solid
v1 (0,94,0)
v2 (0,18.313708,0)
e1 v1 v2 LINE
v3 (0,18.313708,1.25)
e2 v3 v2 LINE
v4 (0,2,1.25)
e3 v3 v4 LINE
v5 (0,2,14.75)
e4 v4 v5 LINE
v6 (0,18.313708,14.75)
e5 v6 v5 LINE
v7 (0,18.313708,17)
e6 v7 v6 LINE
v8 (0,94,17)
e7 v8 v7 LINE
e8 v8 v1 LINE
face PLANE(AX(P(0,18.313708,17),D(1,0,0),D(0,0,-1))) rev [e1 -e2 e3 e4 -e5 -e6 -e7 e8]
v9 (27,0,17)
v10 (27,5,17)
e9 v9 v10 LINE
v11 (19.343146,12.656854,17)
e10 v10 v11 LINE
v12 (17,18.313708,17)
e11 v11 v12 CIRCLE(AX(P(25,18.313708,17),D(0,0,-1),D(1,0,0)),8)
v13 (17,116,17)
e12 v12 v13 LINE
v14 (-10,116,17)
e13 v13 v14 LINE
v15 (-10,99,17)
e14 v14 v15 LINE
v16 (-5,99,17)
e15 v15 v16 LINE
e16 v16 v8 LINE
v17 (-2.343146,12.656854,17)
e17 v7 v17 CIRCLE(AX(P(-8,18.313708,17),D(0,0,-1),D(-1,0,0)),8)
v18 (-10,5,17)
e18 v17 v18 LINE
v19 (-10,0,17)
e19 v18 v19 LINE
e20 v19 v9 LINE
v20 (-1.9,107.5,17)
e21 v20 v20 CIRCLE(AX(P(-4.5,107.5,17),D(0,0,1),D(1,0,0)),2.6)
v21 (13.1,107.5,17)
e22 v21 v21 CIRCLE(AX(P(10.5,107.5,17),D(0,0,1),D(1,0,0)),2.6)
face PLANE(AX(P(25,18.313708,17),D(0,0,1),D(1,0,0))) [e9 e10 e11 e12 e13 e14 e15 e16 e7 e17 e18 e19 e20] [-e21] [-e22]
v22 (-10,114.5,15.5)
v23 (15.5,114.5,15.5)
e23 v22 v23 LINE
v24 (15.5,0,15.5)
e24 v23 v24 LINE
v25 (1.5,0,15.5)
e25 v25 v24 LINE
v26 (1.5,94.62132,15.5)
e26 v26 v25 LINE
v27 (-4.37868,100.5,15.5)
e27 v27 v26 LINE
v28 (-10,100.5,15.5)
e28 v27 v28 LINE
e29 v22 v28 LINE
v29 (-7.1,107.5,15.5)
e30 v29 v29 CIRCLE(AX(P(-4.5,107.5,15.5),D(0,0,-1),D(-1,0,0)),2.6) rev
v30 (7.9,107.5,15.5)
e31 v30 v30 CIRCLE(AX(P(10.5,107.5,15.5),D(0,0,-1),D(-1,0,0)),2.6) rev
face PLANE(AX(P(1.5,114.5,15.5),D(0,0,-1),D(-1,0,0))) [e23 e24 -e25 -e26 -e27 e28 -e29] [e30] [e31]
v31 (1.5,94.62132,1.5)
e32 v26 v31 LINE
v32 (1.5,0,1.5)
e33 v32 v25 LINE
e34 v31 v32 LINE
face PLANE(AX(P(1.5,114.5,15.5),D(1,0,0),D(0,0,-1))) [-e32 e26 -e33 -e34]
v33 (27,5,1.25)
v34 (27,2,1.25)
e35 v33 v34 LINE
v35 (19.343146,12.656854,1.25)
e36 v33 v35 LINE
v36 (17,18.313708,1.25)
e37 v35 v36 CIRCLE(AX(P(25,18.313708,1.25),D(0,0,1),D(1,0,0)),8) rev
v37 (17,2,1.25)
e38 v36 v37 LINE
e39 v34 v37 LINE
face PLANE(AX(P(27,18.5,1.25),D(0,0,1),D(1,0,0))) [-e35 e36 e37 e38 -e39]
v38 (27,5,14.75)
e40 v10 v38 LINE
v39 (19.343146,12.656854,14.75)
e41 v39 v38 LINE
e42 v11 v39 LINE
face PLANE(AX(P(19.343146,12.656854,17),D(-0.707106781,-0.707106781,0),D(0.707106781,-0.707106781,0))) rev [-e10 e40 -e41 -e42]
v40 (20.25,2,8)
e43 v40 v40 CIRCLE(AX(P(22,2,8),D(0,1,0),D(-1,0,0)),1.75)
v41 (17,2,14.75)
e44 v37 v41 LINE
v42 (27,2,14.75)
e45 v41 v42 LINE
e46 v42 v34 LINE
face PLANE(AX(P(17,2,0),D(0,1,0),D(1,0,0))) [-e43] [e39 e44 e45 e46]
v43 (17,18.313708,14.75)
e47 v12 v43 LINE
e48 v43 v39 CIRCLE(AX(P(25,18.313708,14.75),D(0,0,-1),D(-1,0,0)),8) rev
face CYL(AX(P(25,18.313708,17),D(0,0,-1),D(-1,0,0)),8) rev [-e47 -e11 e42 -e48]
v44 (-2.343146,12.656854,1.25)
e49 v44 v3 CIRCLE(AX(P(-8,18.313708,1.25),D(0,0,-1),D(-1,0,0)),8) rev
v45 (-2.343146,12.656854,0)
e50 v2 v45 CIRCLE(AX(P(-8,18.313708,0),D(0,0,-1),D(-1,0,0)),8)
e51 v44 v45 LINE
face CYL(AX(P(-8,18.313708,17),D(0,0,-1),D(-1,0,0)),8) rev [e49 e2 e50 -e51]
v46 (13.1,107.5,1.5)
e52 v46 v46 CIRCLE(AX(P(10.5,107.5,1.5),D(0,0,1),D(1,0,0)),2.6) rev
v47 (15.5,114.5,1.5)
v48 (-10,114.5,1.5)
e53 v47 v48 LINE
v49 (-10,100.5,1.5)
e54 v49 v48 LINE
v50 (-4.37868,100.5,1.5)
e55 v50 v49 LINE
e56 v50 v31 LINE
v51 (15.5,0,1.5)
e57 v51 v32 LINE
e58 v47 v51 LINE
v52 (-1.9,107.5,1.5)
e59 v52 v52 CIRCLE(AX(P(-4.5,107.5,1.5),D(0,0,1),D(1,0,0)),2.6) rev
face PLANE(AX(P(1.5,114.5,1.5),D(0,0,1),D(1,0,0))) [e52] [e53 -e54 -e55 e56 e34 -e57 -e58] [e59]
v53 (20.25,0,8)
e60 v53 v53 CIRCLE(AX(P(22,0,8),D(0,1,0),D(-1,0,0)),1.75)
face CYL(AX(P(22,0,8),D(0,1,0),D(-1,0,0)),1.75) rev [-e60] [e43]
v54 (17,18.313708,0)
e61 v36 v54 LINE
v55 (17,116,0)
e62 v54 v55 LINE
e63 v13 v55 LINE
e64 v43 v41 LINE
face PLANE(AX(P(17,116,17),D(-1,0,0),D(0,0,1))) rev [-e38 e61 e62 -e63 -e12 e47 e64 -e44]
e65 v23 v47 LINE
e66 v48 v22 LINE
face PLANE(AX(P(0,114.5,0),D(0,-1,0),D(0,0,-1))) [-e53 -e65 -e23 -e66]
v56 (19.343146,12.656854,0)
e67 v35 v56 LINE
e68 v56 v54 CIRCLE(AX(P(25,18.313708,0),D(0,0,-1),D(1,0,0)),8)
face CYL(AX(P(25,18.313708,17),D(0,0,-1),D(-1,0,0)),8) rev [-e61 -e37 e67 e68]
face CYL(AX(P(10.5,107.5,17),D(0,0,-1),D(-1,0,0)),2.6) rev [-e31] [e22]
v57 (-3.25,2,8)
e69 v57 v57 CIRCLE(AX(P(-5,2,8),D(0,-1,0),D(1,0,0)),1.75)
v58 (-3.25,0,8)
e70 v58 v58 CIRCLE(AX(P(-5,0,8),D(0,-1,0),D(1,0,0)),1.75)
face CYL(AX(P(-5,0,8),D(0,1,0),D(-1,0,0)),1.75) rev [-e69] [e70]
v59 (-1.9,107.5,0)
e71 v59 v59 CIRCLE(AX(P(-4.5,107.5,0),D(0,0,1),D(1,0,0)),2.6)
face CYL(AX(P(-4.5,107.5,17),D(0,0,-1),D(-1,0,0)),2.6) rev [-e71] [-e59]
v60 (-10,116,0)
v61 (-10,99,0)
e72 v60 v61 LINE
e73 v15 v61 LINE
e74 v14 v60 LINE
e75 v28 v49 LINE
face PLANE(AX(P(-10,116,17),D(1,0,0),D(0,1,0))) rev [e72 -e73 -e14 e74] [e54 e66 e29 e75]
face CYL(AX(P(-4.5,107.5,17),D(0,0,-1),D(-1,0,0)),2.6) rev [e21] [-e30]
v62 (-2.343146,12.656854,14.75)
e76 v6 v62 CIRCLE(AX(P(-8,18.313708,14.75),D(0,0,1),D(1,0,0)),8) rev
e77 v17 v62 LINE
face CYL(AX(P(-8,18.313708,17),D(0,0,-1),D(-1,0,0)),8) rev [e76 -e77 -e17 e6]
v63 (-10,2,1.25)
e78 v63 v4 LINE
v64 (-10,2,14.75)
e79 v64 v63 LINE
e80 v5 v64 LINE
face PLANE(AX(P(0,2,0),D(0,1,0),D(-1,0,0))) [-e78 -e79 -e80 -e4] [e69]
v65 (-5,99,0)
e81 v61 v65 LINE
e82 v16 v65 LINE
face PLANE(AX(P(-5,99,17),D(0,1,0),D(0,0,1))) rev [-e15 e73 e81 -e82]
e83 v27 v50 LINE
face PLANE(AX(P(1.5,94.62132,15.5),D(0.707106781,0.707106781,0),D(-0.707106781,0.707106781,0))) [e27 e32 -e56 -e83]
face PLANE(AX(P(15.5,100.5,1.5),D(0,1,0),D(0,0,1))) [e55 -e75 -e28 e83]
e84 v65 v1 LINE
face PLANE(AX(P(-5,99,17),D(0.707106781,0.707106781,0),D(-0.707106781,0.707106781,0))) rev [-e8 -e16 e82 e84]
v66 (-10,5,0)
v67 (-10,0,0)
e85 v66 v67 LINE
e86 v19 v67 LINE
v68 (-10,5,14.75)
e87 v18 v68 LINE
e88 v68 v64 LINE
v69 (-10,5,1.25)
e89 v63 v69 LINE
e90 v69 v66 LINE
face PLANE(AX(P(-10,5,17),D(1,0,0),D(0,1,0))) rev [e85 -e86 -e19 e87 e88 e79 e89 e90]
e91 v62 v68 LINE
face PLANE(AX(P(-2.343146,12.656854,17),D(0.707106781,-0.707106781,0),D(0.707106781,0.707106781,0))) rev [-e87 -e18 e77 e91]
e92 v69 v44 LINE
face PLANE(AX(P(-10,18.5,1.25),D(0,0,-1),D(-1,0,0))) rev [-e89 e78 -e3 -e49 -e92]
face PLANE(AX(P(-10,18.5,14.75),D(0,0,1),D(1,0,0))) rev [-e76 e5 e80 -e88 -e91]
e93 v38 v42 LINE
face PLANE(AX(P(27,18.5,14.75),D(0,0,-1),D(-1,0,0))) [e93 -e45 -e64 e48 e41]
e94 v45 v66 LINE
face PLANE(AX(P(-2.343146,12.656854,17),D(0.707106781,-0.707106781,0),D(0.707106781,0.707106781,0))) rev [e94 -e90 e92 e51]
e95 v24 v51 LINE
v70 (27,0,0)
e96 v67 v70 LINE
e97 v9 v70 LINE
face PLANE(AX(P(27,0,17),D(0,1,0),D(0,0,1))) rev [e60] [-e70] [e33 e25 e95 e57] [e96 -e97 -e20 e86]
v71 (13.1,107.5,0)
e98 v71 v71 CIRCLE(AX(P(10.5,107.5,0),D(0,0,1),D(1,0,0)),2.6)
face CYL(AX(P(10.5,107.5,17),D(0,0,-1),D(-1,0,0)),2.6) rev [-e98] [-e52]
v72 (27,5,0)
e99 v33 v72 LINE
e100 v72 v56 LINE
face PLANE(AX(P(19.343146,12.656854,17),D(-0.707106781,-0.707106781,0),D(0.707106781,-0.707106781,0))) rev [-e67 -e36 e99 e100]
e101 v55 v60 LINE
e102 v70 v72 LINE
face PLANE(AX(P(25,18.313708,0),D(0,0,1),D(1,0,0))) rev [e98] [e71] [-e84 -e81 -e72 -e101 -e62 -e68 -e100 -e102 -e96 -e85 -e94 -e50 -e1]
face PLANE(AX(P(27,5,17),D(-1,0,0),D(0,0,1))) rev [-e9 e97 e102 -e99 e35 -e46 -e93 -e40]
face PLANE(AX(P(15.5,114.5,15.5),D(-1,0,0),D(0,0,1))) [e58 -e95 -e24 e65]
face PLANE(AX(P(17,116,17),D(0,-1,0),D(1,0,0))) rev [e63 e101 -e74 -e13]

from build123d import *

# Parameters (mm, degrees)
BASE_SHAPE_DEPTH    = 17
SKETCH4_W           = 10
SKETCH4_H           = 13.5
WING_CUT_OUTS_DEPTH = 16.5
SKETCH5_R           = 1.75
WING_HOLES_DEPTH    = 119.380741677
SKETCH7_W           = 14
SKETCH7_H           = 14
CUT_EXTRUDE1_DEPTH  = 114.5
SKETCH8_W           = 14
SKETCH8_H           = 14
CUT_EXTRUDE2_DEPTH  = 25.5
CUT_EXTRUDE3_DEPTH  = 14
SKETCH10_R          = 2.6
CUT_EXTRUDE4_DEPTH  = 121.307938225


with BuildPart() as part:
    # Sketch1 → Base Shape (new body)
    with BuildSketch(Plane.XY):
        with BuildLine():
            Line((0, 18.313708499), (0, 94))
            Line((0, 94), (-5, 99))
            Line((-5, 99), (-10, 99))
            Line((-10, 99), (-10, 116))
            Line((-10, 116), (17, 116))
            Line((17, 116), (17, 18.313708499))
            ThreePointArc((17, 18.313708499), (17.60896374, 15.25224104), (19.343145751, 12.656854249))
            Line((19.343145751, 12.656854249), (27, 5))
            Line((27, 5), (27, 0))
            Line((27, 0), (17, 0))
            Line((17, 0), (0, 0))
            Line((0, 0), (-10, 0))
            Line((-10, 0), (-10, 5))
            Line((-10, 5), (-2.343145751, 12.656854249))
            ThreePointArc((-2.343145751, 12.656854249), (-0.60896374, 15.25224104), (0, 18.313708499))
        make_face()
    extrude(amount=BASE_SHAPE_DEPTH)

    # Sketch4 → Wing Cut Outs (cut)
    with BuildSketch(Plane(origin=(0, 2, 0), x_dir=(-1, 0, 0), z_dir=(0, -1, 0))):
        with Locations((5, -8)):
            Rectangle(SKETCH4_W, SKETCH4_H)
    wing_cut_outs = extrude(amount=-WING_CUT_OUTS_DEPTH, mode=Mode.SUBTRACT)

    # Sketch5 → Wing Holes (cut, through all)
    with BuildSketch(Plane(origin=(0, 2, 0), x_dir=(-1, 0, 0), z_dir=(0, -1, 0))):
        with Locations(Location((5, -8, 0), (0, 0, 180))):
            Circle(SKETCH5_R)
    wing_holes = extrude(amount=WING_HOLES_DEPTH, mode=Mode.SUBTRACT)

    # Mirror1: Wing Cut Outs across plane
    add(wing_cut_outs.mirror(Plane(origin=(8.5, 0, 0), x_dir=(0, 0, 1), z_dir=(1, 0, 0))), mode=Mode.SUBTRACT)

    # Mirror2: Wing Holes across plane
    add(wing_holes.mirror(Plane(origin=(8.5, 0, 0), x_dir=(0, 0, 1), z_dir=(1, 0, 0))), mode=Mode.SUBTRACT)

    # Sketch7 → Cut-Extrude1 (cut)
    with BuildSketch(Plane(origin=(0, 0, 0), x_dir=(1, 0, 0), z_dir=(0, 1, 0))):
        with Locations((8.5, -8.5)):
            Rectangle(SKETCH7_W, SKETCH7_H)
    extrude(amount=CUT_EXTRUDE1_DEPTH, mode=Mode.SUBTRACT)

    # Sketch8 → Cut-Extrude2 (cut)
    with BuildSketch(Plane(origin=(-10, 0, 0), x_dir=(0, 0, -1), z_dir=(1, 0, 0))):
        with Locations((-8.5, 107.5)):
            Rectangle(SKETCH8_W, SKETCH8_H)
    extrude(amount=CUT_EXTRUDE2_DEPTH, mode=Mode.SUBTRACT)

    # Sketch9 → Cut-Extrude3 (cut)
    with BuildSketch(Plane.XY.offset(1.5)):
        Polygon((1.5, 94.621320344), (-4.378679656, 100.5), (1.5, 100.5), align=None)
    extrude(amount=CUT_EXTRUDE3_DEPTH, mode=Mode.SUBTRACT)

    # Sketch10 → Cut-Extrude4 (cut, through all)
    with BuildSketch(Plane.XY):
        with Locations((10.5, 107.5)):
            Circle(SKETCH10_R)
        with Locations((-4.5, 107.5)):
            Circle(SKETCH10_R)
    extrude(amount=CUT_EXTRUDE4_DEPTH, mode=Mode.SUBTRACT)


solid = part.part
